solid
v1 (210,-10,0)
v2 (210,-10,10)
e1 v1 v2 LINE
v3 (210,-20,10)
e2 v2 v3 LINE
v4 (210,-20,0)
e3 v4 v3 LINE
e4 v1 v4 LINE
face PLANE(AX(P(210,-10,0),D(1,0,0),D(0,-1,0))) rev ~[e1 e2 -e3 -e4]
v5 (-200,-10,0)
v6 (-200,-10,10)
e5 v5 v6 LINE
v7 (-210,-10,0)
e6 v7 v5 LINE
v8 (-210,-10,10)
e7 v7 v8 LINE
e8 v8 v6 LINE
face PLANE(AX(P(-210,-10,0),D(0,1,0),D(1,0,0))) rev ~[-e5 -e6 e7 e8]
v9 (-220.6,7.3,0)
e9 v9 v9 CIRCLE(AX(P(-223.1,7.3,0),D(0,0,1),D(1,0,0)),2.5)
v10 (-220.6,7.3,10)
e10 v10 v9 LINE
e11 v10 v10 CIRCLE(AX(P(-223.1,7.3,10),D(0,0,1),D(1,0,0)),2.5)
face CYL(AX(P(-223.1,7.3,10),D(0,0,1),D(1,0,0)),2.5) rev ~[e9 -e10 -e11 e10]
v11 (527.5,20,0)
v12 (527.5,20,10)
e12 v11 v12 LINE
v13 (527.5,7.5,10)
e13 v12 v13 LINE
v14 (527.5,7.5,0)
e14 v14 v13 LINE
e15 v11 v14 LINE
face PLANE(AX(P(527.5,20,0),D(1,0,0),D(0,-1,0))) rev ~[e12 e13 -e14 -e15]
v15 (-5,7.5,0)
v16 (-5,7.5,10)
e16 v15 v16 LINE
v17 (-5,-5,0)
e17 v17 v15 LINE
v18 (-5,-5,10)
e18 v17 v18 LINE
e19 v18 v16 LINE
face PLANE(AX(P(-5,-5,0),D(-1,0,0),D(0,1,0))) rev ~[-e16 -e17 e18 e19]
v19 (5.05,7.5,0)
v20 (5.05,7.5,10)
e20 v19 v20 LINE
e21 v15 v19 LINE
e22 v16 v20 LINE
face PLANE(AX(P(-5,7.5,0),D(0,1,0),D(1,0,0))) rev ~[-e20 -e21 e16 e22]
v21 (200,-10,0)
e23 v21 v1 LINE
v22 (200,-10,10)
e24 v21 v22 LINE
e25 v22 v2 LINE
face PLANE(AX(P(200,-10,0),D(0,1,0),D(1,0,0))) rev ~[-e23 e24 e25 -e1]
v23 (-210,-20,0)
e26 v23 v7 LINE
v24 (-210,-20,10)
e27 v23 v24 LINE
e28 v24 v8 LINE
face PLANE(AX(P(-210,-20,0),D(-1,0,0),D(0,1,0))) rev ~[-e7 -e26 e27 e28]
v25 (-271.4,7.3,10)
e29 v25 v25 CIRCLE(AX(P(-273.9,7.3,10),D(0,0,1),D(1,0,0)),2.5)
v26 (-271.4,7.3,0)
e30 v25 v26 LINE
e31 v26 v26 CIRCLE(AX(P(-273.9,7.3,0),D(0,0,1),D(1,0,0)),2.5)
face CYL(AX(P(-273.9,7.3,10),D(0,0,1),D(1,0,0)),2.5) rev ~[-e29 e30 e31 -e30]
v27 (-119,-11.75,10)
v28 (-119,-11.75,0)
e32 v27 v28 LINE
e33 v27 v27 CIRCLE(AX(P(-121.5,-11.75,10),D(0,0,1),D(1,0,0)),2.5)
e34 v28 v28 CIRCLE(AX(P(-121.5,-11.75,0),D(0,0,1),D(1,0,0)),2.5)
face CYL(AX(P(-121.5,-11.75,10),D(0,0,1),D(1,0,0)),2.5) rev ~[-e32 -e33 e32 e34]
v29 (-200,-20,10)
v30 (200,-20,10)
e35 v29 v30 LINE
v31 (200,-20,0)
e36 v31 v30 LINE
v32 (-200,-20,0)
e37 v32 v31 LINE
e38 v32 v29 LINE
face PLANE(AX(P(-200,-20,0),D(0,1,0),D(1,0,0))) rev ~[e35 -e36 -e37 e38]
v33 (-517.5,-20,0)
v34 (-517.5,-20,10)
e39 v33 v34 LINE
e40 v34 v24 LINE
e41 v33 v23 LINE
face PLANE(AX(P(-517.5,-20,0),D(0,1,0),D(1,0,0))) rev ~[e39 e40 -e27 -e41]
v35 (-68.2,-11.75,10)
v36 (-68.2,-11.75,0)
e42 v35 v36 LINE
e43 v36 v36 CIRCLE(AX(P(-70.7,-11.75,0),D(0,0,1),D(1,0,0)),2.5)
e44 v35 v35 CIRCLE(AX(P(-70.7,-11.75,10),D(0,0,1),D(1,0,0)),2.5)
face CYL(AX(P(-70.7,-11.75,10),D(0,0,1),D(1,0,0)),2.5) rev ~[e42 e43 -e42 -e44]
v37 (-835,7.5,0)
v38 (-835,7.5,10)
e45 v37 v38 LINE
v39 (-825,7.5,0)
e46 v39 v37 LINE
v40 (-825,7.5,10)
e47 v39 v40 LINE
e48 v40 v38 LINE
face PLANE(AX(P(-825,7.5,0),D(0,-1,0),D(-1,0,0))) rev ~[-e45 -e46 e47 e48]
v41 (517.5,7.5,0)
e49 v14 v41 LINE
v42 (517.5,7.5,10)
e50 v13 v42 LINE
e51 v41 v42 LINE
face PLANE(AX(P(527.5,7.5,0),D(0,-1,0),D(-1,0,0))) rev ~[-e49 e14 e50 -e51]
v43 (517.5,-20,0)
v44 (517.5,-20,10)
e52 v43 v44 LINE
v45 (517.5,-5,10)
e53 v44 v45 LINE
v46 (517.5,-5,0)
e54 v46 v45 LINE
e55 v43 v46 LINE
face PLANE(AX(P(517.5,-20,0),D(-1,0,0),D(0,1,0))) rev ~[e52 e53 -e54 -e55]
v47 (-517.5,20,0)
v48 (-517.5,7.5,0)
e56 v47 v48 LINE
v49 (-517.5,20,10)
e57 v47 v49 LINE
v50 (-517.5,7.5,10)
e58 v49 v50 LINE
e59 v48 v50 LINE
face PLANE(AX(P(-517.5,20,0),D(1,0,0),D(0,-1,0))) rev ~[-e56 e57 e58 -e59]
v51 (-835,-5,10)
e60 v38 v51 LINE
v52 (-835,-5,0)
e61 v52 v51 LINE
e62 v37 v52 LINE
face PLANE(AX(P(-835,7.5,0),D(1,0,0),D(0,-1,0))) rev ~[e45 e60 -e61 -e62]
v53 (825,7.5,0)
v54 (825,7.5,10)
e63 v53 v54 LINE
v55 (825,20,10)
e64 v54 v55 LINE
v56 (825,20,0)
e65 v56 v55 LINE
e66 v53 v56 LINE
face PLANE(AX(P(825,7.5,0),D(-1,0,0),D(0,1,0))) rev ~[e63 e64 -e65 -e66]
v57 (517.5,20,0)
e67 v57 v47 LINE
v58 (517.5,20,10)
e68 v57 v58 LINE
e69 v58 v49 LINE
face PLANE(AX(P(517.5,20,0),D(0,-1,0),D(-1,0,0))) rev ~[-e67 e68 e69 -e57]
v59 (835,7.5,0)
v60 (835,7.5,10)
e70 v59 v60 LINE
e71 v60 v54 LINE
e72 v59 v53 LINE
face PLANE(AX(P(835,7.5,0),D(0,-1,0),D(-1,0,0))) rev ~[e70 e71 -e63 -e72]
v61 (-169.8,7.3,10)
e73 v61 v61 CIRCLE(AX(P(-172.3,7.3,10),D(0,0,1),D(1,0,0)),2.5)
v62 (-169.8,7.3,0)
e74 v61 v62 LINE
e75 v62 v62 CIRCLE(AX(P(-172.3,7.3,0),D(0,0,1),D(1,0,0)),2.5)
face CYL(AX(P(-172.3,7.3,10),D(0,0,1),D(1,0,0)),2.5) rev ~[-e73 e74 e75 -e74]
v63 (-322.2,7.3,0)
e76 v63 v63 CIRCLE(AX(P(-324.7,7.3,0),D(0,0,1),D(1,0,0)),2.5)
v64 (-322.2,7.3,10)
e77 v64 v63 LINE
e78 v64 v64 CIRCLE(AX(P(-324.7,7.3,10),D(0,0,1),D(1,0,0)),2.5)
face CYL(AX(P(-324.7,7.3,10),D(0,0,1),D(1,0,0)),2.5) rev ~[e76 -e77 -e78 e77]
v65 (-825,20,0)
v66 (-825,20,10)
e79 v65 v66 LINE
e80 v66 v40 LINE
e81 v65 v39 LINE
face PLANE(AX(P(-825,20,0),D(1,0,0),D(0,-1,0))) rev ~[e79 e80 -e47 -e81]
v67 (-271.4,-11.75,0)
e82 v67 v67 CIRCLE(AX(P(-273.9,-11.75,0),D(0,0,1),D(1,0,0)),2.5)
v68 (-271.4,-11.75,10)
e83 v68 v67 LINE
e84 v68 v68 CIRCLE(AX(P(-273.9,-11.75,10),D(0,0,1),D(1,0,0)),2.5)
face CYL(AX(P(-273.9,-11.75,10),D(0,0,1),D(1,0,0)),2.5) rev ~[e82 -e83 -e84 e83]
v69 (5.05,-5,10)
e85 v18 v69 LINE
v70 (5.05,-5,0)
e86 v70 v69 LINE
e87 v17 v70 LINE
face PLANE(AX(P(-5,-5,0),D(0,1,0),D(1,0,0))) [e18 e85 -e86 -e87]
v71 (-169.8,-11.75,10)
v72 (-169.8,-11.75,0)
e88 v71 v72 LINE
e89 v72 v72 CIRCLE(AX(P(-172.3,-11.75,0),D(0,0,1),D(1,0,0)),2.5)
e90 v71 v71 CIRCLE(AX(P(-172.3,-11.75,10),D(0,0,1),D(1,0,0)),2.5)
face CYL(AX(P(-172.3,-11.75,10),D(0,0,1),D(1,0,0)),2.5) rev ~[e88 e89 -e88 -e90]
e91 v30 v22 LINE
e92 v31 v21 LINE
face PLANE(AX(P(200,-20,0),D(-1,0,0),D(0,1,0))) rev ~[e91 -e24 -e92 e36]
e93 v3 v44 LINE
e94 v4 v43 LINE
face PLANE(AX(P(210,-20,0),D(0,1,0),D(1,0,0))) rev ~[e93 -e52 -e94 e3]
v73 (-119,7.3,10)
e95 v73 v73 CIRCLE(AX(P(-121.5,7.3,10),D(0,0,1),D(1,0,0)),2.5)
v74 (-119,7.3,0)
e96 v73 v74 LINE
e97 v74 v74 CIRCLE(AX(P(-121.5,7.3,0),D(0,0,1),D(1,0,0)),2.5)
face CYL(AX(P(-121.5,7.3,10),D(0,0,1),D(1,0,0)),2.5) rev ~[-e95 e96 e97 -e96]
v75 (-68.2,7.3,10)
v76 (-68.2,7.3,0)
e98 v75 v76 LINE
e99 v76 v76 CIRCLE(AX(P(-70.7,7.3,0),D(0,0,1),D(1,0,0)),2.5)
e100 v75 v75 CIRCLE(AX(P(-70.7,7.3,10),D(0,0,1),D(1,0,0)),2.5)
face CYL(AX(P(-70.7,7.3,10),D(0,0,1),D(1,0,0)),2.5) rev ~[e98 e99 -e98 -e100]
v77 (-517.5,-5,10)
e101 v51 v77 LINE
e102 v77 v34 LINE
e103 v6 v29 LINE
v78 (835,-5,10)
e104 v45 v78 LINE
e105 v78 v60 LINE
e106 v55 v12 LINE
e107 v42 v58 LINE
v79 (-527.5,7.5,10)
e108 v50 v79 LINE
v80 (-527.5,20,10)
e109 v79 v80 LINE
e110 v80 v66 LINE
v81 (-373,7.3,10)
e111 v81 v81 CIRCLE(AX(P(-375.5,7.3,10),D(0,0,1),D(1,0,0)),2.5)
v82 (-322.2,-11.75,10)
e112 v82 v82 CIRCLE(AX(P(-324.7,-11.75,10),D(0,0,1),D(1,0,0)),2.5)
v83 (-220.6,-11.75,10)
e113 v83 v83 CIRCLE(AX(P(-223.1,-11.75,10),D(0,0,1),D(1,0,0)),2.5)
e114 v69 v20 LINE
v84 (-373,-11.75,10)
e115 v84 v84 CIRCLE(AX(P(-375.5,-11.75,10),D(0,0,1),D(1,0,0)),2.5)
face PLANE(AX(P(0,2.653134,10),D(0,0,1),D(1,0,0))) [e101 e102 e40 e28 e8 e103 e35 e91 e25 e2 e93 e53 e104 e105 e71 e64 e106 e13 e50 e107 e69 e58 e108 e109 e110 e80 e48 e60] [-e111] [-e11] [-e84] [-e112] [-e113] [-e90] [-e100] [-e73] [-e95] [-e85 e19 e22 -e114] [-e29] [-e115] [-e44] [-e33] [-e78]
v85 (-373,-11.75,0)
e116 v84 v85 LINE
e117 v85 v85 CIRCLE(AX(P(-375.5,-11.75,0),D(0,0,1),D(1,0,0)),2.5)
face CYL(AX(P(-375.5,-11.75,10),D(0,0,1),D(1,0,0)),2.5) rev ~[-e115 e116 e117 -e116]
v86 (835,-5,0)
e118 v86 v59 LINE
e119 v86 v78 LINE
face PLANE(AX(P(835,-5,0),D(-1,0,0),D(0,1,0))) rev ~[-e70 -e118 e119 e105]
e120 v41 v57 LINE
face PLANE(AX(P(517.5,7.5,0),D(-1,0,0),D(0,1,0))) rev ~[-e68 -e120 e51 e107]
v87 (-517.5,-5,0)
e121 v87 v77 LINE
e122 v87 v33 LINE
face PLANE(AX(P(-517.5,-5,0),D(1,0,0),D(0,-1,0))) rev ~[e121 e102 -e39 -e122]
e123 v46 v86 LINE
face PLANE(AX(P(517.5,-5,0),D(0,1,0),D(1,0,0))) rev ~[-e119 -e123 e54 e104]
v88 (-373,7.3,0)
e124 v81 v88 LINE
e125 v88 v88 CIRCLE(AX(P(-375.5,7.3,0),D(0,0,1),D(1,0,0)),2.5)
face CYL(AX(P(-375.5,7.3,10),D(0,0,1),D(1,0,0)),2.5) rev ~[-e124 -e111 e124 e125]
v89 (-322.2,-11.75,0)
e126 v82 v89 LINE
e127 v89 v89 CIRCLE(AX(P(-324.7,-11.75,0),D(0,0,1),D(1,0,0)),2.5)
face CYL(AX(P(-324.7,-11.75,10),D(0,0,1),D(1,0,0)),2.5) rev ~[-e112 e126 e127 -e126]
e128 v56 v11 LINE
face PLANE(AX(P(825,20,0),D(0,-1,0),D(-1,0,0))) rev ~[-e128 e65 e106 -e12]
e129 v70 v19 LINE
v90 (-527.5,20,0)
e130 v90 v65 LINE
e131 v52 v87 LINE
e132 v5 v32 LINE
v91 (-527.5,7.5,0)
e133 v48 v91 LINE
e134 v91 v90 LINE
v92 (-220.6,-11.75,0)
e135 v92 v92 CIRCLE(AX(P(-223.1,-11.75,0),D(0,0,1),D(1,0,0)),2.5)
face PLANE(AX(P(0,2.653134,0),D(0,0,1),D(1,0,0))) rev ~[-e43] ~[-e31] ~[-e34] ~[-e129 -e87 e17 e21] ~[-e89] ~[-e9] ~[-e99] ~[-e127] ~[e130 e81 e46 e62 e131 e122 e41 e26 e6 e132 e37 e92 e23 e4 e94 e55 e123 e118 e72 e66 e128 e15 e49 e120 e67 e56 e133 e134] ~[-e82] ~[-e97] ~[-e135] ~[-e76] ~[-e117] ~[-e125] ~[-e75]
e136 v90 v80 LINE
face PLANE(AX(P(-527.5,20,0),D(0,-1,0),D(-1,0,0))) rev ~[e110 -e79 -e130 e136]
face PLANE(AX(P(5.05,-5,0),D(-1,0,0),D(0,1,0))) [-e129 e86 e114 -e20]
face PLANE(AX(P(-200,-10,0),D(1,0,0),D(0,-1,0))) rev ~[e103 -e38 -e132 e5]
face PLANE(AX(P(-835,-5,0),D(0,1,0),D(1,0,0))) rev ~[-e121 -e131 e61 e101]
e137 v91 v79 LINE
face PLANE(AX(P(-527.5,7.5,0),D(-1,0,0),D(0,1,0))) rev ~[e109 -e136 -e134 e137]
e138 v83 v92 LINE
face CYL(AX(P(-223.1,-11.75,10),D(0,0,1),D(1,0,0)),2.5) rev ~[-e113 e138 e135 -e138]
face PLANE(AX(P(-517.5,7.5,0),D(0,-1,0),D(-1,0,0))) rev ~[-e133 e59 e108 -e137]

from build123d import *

# Parameters (mm, degrees)
SKETCH1_W           = 10.05
SKETCH1_H           = 12.5
BOSS_EXTRUDE1_DEPTH = 10
SKETCH2_R           = 2.5
CUT_EXTRUDE1_DEPTH  = 836.29934754


with BuildPart() as part:
    # Sketch1 → Boss-Extrude1 (new body)
    with BuildSketch(Plane.XY):
        Polygon((517.5, 20), (-517.5, 20), (-517.5, 7.5), (-527.5, 7.5), (-527.5, 20), (-825, 20), (-825, 7.5), (-835, 7.5), (-835, -5), (-517.5, -5), (-517.5, -20), (-210, -20), (-210, -10), (-200, -10), (-200, -20), (200, -20), (200, -10), (210, -10), (210, -20), (517.5, -20), (517.5, -5), (835, -5), (835, 7.5), (825, 7.5), (825, 20), (527.5, 20), (527.5, 7.5), (517.5, 7.5), align=None)
        with Locations((0.025, 1.25)):
            Rectangle(SKETCH1_W, SKETCH1_H, mode=Mode.SUBTRACT)
    extrude(amount=BOSS_EXTRUDE1_DEPTH)

    # Sketch2 → Cut-Extrude1 (cut, through all)
    with BuildSketch(Plane.XY.offset(10)):
        with Locations((-375.5, 7.3)):
            Circle(SKETCH2_R)
        with Locations((-375.5, -11.75)):
            Circle(SKETCH2_R)
        with Locations((-324.7, -11.75)):
            Circle(SKETCH2_R)
        with Locations((-324.7, 7.3)):
            Circle(SKETCH2_R)
        with Locations((-273.9, 7.3)):
            Circle(SKETCH2_R)
        with Locations((-273.9, -11.75)):
            Circle(SKETCH2_R)
        with Locations((-223.1, -11.75)):
            Circle(SKETCH2_R)
        with Locations((-223.1, 7.3)):
            Circle(SKETCH2_R)
        with Locations((-172.3, 7.3)):
            Circle(SKETCH2_R)
        with Locations((-121.5, -11.75)):
            Circle(SKETCH2_R)
        with Locations((-121.5, 7.3)):
            Circle(SKETCH2_R)
        with Locations((-70.7, 7.3)):
            Circle(SKETCH2_R)
        with Locations((-70.7, -11.75)):
            Circle(SKETCH2_R)
        with Locations((-172.3, -11.75)):
            Circle(SKETCH2_R)
    extrude(amount=-CUT_EXTRUDE1_DEPTH, mode=Mode.SUBTRACT)


solid = part.part
